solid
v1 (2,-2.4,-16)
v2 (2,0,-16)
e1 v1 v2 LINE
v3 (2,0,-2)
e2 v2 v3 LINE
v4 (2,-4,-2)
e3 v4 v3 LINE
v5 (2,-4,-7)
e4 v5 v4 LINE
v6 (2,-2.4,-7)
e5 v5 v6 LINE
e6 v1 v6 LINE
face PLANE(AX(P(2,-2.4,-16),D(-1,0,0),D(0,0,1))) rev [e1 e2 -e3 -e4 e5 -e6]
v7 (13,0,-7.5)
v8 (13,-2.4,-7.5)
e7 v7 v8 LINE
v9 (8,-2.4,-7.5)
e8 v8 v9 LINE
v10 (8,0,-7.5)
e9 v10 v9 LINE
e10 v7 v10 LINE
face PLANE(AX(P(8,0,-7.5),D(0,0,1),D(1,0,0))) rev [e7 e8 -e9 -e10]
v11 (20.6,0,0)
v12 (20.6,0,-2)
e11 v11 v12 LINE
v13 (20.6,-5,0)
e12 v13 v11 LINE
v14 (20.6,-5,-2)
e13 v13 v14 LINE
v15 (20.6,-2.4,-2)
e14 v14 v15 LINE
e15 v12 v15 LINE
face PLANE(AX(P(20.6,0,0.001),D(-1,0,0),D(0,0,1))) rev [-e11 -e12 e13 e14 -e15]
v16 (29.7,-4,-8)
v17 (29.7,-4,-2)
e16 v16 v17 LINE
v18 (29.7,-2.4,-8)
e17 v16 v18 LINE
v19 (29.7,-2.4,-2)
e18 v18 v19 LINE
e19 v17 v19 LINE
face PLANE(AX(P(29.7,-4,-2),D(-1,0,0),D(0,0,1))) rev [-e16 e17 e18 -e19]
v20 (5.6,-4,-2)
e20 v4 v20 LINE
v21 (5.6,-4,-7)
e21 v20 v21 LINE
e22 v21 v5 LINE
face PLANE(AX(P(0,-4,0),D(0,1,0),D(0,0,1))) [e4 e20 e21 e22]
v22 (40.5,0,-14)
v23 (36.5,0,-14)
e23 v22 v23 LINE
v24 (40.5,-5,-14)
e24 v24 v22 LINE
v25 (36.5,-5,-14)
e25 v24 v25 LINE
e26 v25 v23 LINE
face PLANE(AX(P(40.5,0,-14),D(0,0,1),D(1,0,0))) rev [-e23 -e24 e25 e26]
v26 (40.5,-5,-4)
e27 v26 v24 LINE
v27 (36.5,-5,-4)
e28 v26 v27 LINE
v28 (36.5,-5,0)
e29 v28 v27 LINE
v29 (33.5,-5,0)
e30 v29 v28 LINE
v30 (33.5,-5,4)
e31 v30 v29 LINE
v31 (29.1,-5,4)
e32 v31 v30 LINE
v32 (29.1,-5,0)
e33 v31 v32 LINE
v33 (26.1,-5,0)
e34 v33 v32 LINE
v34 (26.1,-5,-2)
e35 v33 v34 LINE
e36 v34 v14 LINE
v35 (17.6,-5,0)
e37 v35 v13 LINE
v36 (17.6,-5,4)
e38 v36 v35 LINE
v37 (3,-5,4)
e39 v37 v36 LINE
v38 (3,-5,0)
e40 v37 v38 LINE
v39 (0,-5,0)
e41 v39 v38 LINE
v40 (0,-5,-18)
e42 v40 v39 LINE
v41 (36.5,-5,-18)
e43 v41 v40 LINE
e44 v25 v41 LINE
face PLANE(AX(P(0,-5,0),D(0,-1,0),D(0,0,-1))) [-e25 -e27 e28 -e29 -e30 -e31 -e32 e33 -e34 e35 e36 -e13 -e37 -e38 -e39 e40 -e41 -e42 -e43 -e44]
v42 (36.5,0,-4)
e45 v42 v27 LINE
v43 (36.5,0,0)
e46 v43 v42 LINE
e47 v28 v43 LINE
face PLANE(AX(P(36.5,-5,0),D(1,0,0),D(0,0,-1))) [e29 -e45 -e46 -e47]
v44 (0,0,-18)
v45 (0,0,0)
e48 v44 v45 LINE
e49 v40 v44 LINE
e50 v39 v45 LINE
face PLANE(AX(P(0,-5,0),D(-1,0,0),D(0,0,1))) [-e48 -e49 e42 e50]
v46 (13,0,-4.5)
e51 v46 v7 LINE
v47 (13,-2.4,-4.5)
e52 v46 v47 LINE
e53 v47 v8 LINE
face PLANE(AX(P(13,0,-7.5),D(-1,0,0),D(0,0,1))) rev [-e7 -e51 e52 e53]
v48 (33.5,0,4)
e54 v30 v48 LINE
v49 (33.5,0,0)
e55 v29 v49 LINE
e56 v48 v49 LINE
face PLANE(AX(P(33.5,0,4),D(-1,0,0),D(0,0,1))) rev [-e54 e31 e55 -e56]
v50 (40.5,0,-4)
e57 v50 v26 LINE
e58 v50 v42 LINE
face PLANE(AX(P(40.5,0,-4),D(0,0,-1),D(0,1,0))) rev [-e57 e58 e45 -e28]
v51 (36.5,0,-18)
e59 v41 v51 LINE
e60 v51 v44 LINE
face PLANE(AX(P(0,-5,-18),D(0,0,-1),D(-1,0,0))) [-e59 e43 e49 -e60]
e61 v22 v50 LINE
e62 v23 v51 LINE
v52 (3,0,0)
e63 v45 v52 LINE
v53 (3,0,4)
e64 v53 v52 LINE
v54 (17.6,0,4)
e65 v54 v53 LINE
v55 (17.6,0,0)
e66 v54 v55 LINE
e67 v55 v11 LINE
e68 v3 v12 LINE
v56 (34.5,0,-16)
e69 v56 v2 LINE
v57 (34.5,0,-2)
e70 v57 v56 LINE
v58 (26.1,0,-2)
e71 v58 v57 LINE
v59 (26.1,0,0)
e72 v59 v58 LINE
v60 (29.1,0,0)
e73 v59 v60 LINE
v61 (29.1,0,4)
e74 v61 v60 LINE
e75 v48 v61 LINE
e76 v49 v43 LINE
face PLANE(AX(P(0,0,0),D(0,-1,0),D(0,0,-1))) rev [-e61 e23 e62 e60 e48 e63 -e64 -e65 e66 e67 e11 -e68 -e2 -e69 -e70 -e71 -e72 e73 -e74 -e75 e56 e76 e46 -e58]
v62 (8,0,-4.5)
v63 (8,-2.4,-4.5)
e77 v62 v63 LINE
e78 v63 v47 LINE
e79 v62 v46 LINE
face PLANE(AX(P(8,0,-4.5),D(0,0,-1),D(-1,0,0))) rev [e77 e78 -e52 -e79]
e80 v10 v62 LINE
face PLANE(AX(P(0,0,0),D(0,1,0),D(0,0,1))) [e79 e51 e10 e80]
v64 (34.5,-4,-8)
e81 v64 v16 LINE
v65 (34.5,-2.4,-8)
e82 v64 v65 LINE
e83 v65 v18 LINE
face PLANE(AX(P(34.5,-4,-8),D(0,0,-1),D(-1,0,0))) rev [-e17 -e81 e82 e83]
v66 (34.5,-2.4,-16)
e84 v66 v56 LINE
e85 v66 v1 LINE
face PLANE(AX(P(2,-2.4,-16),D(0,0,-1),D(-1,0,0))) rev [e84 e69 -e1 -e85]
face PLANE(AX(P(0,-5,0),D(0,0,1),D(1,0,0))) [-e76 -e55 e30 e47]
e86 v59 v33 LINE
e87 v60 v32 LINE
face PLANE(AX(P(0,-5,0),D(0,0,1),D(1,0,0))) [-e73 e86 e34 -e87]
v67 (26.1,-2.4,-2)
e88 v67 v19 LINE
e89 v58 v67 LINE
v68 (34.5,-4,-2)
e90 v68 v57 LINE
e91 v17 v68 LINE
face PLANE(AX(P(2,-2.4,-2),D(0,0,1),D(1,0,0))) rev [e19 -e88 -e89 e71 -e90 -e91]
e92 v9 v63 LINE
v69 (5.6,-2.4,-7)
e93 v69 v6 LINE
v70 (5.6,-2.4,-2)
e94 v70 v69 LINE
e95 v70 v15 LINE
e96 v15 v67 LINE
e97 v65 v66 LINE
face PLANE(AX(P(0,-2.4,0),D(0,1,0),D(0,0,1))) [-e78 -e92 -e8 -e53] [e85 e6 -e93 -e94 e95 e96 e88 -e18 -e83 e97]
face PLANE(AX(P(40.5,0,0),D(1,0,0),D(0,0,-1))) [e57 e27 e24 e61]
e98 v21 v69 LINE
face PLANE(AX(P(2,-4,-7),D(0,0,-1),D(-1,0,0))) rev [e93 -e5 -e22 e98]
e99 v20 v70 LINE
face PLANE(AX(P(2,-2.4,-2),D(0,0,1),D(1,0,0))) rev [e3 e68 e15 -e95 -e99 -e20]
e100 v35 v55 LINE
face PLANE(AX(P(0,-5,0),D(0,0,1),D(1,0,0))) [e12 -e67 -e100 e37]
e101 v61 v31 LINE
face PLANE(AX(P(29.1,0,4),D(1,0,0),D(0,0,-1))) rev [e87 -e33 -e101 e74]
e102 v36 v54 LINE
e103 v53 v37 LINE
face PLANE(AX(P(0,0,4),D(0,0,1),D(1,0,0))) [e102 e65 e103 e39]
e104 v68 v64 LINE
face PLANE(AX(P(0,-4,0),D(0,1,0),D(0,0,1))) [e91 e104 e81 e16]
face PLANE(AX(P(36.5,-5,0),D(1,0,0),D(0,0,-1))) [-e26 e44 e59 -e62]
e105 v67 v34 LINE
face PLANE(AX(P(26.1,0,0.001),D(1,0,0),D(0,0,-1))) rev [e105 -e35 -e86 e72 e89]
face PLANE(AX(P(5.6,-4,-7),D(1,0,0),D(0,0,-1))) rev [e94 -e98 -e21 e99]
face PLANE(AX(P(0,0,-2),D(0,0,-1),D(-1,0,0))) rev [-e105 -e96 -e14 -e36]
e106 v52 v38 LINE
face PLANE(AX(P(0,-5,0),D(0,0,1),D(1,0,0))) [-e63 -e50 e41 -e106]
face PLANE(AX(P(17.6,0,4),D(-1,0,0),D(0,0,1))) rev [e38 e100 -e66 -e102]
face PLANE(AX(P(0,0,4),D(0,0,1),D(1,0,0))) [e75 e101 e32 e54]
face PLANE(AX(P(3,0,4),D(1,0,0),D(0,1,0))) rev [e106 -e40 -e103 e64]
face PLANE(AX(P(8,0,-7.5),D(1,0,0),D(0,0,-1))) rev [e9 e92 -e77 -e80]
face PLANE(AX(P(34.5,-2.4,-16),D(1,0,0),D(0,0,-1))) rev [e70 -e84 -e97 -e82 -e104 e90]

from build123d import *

# Parameters (mm, degrees)
SKETCH1_W           = 36.5
SKETCH1_H           = 18
BOSS_EXTRUDE1_DEPTH = 5
SKETCH2_W           = 32.5
SKETCH2_H           = 14
CUT_EXTRUDE1_DEPTH  = 2.4
SKETCH3_W           = 5
SKETCH3_H           = 3
BOSS_EXTRUDE2_DEPTH = 2.4
CUT_EXTRUDE2_REACH  = 4
SKETCH4_W           = 5.5
SKETCH4_H           = 5
SKETCH5_W           = 3.6
SKETCH5_H           = 5
SKETCH5_W_2         = 4.8
SKETCH5_H_2         = 6
CUT_EXTRUDE3_DEPTH  = 1.6
SKETCH6_W           = 14.6
SKETCH6_H           = 5
SKETCH6_W_2         = 4.4
BOSS_EXTRUDE3_DEPTH = 4
SKETCH7_W           = 10
SKETCH7_H           = 5
BOSS_EXTRUDE4_DEPTH = 4


with BuildPart() as part:
    # Sketch1 → Boss-Extrude1 (new body)
    with BuildSketch(Plane(origin=(0, 0, 0), x_dir=(1, 0, 0), z_dir=(0, 1, 0))):
        with Locations((18.25, 9)):
            Rectangle(SKETCH1_W, SKETCH1_H)
    extrude(amount=-BOSS_EXTRUDE1_DEPTH)

    # Sketch2 → Cut-Extrude1 (cut)
    with BuildSketch(Plane(origin=(0, 0, 0), x_dir=(1, 0, 0), z_dir=(0, 1, 0))):
        with Locations((18.25, 9)):
            Rectangle(SKETCH2_W, SKETCH2_H)
    extrude(amount=-CUT_EXTRUDE1_DEPTH, mode=Mode.SUBTRACT)

    # Sketch3 → Boss-Extrude2 (add)
    with BuildSketch(Plane(origin=(0, -2.4, 0), x_dir=(1, 0, 0), z_dir=(0, 1, 0))):
        with Locations((10.5, 6)):
            Rectangle(SKETCH3_W, SKETCH3_H)
    extrude(amount=BOSS_EXTRUDE2_DEPTH)

    # Sketch4 → Cut-Extrude2 (cut, up to next)
    with BuildSketch(Plane(origin=(0, 0, -2), x_dir=(-1, 0, 0), z_dir=(0, 0, -1)), mode=Mode.PRIVATE) as cut_extrude2_sk1:
        with Locations((-23.35, -2.5)):
            Rectangle(SKETCH4_W, SKETCH4_H)
    cut_extrude2_tool1 = extrude(cut_extrude2_sk1.sketch, amount=-CUT_EXTRUDE2_REACH, mode=Mode.PRIVATE) & part.part
    add(cut_extrude2_tool1.solids().sort_by_distance((23.35, -2.5, -2))[0], mode=Mode.SUBTRACT)

    # Sketch5 → Cut-Extrude3 (cut)
    with BuildSketch(Plane(origin=(0, -2.4, 0), x_dir=(1, 0, 0), z_dir=(0, 1, 0))):
        with Locations((3.8, 4.5)):
            Rectangle(SKETCH5_W, SKETCH5_H)
        with Locations((32.1, 5)):
            Rectangle(SKETCH5_W_2, SKETCH5_H_2)
    extrude(amount=-CUT_EXTRUDE3_DEPTH, mode=Mode.SUBTRACT)

    # Sketch6 → Boss-Extrude3 (add)
    with BuildSketch(Plane.XY):
        with Locations((10.3, -2.5)):
            Rectangle(SKETCH6_W, SKETCH6_H)
        with Locations((31.3, -2.5)):
            Rectangle(SKETCH6_W_2, SKETCH6_H)
    extrude(amount=BOSS_EXTRUDE3_DEPTH)

    # Sketch7 → Boss-Extrude4 (add)
    with BuildSketch(Plane(origin=(36.5, 0, 0), x_dir=(0, 0, -1), z_dir=(1, 0, 0))):
        with Locations((9, -2.5)):
            Rectangle(SKETCH7_W, SKETCH7_H)
    extrude(amount=BOSS_EXTRUDE4_DEPTH)


solid = part.part
